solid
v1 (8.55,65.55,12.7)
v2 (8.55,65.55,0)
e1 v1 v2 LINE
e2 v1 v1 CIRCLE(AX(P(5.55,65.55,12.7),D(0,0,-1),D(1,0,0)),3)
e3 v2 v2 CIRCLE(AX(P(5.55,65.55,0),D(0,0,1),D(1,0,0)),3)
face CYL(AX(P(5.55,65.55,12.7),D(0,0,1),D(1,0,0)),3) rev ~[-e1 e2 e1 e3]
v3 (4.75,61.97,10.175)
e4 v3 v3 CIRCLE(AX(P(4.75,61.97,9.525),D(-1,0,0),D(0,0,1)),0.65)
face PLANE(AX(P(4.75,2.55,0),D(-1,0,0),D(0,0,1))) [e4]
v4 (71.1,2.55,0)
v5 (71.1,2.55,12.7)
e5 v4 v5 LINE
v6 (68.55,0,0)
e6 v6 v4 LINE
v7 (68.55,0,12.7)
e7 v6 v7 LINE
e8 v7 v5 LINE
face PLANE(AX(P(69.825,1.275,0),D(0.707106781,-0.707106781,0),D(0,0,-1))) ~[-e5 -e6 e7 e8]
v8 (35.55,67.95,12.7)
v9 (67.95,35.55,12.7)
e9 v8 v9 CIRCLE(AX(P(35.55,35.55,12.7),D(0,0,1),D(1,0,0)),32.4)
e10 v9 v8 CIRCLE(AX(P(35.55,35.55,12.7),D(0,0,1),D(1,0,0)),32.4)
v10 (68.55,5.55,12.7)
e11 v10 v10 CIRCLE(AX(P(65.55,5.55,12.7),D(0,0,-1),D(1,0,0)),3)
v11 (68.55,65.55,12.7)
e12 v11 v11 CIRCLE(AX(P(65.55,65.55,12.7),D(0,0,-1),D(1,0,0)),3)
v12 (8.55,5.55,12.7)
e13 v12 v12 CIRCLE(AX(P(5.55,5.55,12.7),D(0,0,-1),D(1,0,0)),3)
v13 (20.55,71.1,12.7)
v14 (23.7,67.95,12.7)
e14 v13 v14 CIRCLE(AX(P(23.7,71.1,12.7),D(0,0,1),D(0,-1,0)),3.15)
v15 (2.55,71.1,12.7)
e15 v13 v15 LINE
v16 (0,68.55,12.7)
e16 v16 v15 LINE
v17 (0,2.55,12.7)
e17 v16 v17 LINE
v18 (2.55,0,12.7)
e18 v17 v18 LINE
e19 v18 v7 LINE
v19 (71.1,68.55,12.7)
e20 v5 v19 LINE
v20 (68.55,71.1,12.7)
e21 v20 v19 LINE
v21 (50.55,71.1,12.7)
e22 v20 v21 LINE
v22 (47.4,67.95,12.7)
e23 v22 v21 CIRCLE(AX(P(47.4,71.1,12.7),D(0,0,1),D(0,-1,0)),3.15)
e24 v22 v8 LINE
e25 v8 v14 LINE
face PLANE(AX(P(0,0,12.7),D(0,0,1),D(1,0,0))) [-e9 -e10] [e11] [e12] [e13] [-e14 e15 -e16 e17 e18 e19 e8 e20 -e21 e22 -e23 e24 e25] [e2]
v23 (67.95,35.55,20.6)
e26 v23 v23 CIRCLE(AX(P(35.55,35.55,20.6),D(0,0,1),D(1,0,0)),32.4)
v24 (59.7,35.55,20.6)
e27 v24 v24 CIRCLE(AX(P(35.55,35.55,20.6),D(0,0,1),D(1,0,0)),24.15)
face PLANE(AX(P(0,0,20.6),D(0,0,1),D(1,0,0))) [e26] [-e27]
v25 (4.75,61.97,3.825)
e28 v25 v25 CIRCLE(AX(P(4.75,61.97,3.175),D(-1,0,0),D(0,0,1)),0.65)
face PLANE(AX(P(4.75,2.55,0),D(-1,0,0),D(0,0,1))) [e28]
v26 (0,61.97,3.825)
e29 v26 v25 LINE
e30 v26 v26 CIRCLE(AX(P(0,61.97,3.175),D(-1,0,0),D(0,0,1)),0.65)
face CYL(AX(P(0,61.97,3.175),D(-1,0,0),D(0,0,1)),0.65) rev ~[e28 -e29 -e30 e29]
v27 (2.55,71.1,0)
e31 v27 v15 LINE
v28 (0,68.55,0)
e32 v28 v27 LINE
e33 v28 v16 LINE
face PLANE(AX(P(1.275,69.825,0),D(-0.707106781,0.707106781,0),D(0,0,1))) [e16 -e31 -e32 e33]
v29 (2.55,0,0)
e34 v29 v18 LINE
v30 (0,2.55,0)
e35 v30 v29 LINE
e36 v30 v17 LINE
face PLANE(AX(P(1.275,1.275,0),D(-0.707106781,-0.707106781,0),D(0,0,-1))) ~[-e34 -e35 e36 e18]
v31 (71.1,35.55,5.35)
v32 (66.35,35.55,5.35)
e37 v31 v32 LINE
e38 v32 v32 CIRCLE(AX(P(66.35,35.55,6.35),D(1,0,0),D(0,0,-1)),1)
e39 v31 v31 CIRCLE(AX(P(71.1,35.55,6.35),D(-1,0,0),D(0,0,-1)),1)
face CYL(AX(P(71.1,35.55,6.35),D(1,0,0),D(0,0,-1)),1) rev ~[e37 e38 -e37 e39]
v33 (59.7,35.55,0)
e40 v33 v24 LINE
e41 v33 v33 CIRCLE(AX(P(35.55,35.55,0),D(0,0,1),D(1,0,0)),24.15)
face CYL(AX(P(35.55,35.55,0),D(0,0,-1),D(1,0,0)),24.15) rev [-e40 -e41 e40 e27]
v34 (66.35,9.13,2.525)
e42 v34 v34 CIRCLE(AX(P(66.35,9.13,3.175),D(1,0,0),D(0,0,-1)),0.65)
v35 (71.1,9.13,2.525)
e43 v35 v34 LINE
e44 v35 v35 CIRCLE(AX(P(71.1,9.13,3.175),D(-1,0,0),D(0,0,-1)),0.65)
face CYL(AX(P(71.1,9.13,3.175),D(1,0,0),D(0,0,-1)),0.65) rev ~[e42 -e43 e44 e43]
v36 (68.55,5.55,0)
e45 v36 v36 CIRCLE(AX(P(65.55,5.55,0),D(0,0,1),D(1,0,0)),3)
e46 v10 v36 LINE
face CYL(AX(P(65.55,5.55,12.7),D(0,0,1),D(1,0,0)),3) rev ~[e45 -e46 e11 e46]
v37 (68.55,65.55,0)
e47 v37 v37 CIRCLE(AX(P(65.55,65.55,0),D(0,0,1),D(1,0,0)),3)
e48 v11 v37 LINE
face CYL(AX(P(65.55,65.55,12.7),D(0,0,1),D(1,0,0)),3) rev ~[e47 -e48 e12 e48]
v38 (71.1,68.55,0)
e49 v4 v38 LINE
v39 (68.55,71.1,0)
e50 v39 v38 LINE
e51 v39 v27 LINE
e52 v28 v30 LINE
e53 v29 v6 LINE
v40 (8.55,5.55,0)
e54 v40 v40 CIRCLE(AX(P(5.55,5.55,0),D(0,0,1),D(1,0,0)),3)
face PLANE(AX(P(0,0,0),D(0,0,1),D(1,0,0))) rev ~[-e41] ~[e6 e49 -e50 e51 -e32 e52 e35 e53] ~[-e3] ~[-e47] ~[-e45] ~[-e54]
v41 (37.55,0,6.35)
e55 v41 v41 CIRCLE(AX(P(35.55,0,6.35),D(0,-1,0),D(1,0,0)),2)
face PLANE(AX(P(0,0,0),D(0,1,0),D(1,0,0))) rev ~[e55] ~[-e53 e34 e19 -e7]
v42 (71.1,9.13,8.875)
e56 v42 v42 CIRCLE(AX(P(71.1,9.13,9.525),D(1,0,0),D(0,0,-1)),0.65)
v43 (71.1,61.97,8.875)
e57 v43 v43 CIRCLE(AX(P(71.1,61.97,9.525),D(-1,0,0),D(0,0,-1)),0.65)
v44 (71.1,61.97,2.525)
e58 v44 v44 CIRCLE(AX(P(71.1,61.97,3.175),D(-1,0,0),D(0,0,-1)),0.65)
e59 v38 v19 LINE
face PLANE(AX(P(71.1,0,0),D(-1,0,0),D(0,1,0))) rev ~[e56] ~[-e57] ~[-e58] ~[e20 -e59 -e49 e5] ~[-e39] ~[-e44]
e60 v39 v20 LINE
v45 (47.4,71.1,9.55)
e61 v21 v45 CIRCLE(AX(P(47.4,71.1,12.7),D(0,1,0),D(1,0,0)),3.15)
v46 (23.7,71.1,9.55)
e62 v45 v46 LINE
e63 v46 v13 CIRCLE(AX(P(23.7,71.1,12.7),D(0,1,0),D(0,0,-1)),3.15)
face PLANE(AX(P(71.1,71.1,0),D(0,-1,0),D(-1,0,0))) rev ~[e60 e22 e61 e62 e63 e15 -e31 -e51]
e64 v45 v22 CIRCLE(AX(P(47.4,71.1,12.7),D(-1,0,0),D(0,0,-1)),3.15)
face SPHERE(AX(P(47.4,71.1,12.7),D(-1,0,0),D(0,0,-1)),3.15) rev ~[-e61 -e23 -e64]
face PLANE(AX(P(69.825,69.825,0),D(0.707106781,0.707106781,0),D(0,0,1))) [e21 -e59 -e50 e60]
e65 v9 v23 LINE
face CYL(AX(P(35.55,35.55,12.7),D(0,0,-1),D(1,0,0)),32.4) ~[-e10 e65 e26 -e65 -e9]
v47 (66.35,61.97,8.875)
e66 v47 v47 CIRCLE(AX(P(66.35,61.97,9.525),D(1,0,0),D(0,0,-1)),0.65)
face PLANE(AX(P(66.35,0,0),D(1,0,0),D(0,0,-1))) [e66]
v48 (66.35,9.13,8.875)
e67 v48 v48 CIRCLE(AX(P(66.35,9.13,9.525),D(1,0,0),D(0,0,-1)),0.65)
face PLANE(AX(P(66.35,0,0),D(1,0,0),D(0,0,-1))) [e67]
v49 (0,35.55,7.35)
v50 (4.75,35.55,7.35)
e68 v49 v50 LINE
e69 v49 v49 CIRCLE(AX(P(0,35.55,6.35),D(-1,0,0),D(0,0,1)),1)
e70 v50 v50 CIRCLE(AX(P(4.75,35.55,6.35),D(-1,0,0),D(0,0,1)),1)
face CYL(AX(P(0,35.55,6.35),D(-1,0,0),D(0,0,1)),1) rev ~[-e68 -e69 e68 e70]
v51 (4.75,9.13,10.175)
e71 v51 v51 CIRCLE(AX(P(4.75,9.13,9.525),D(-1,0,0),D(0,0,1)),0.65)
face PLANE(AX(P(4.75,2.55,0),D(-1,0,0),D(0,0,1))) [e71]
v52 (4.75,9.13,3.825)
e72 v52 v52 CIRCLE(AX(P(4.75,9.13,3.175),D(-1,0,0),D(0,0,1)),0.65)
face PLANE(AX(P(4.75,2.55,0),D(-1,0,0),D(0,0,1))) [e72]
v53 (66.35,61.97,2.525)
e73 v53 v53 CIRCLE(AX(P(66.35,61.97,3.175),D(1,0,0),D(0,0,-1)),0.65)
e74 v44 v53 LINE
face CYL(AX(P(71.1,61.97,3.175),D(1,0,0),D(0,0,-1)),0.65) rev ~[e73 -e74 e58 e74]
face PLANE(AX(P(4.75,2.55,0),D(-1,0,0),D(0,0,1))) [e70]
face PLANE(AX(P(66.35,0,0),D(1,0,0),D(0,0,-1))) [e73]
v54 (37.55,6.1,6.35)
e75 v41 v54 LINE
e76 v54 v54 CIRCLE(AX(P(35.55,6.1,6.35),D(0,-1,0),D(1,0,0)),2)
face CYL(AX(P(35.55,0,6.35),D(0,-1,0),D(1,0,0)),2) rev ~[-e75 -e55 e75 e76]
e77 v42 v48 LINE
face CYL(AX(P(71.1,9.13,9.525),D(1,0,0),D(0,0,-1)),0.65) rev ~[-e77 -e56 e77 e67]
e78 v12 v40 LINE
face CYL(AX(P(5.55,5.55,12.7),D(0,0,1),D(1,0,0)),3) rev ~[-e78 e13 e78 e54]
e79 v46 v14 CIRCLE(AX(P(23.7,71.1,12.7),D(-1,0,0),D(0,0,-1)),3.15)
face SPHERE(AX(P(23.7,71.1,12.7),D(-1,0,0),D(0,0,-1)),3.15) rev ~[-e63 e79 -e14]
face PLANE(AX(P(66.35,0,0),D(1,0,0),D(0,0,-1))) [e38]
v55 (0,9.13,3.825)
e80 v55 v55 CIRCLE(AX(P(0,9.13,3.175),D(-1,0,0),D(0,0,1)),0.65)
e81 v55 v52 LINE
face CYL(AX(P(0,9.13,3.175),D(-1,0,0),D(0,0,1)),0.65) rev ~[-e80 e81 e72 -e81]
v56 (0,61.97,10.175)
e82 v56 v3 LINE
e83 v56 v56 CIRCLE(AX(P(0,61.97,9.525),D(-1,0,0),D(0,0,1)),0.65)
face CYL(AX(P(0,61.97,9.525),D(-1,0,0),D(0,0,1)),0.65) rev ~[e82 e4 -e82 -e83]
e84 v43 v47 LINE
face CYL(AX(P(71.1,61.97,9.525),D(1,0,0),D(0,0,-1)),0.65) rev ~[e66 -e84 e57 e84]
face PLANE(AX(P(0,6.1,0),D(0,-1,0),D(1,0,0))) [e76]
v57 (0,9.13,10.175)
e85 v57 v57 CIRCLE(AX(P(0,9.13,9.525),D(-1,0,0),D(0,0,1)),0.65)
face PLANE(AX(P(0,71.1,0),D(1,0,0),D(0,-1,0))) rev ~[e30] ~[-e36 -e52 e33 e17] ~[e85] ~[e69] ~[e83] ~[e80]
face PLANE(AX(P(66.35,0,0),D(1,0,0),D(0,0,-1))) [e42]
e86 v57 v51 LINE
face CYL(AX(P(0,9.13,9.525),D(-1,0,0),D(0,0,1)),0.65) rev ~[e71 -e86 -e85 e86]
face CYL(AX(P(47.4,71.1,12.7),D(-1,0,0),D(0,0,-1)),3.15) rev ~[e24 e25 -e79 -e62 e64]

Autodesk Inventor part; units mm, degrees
ref_plane "YZ Plane" through (0, 0, 0) normal (1, 0, 0) x (0, 1, 0)
ref_plane "XZ Plane" through (0, 0, 0) normal (0, 1, 0) x (-1, 0, 0)
ref_plane "XY Plane" through (0, 0, 0) normal (0, 0, 1) x (1, 0, 0)
sketch "Sketch1" plane through (0, 0, 0) normal (0, 0, 1) x (1, 0, 0)
  line L0 (0, 0) -> (71.1, 0)
  line L1 (71.1, 0) -> (71.1, 71.1)
  line L2 (71.1, 71.1) -> (0, 71.1)
  line L3 (0, 71.1) -> (0, 0)
  circle A0 centre (35.55, 35.55) radius 24.15
  dimension "d0" = 71.1
  dimension "d1" = 71.1
  dimension "d2" = 48.3
extrude "Extrusion1" add sketch "Sketch1" along normal blind 12.7
sketch "Sketch2" plane through (0, 0, 12.7) normal (0, 0, 1) x (1, 0, 0)
  line L0 (71.1, 71.1) -> (0, 71.1) projected
  line L1 (0, 71.1) -> (0, 0) projected
  line L2 (0, 0) -> (71.1, 0) projected
  line L3 (71.1, 0) -> (71.1, 71.1) projected
  circle A0 centre (35.55, 35.55) radius 24.15 projected
  circle A1 centre (35.55, 35.55) radius 24.15
  circle A2 centre (35.55, 35.55) radius 32.4
  dimension "d5" = 64.8
extrude "Extrusion2" add sketch "Sketch2" along normal blind 7.9 contours A2
sketch "Sketch3" plane through (0, 71.1, 0) normal (0, 1, 0) x (1, 0, 0)
  line L0 (71.1, 0) -> (0, 0) projected
  line L1 (0, 0) -> (0, -12.7) projected
  line L2 (71.1, -12.7) -> (0, -12.7) projected
  line L3 (71.1, 0) -> (71.1, -12.7) projected
  line L4 (71.1, 0) -> (71.1, -12.7) projected
  line L5 (71.1, -12.7) -> (35.55, -12.7)
  line L6 (0, -12.7) -> (71.1, -12.7) projected
  line L7 (35.55, -12.7) -> (20.55, -12.7)
  line L8 (20.55, -12.7) -> (23.7, -12.7)
  arc A0 (23.7, -9.55) -> (20.55, -12.7) centre (23.7, -12.7) ccw
  line L9 (35.55, -12.7) -> (47.4, -12.7)
  arc A1 (50.55, -12.7) -> (47.4, -9.55) centre (47.4, -12.7) ccw
  line L10 (47.4, -9.55) -> (23.7, -9.55)
  dimension "d8" = 35.55
  dimension "d9" = 15
  dimension "d10" = 3.15
  dimension "d11" = 11.85
  dimension "d12" = 6.3
revolve "Revolution1" cut sketch "Sketch3" angle 360 about axis through (71.1, 71.1, 12.7) along (-1, 0, 0) contours L2 A0 L10 A1
sketch "Sketch4" plane through (0, 0, 12.7) normal (0, 0, 1) x (1, 0, 0)
  arc A0 (20.55, 71.1) -> (23.7, 67.95) centre (23.7, 71.1) ccw projected
  line L0 (20.55, 71.1) -> (0, 71.1) projected
  line L1 (0, 71.1) -> (0, 0) projected
  line L2 (0, 0) -> (71.1, 0) projected
  line L3 (71.1, 0) -> (71.1, 71.1) projected
  line L4 (71.1, 71.1) -> (50.55, 71.1) projected
  arc A1 (47.4, 67.95) -> (50.55, 71.1) centre (47.4, 71.1) ccw projected
  line L5 (47.4, 67.95) -> (35.55, 67.95) projected
  circle A2 centre (35.55, 35.55) radius 32.4 projected
  line L6 (35.55, 67.95) -> (23.7, 67.95) projected
  line L7 (35.55, 35.55) -> (65.55, 35.55)
  line L8 (65.55, 35.55) -> (65.55, 65.55)
  line L9 (65.55, 65.55) -> (5.55, 65.55)
  line L10 (5.55, 65.55) -> (5.55, 5.55)
  line L11 (5.55, 5.55) -> (65.55, 5.55)
  circle A3 centre (65.55, 65.55) radius 3
  circle A4 centre (5.55, 65.55) radius 3
  circle A5 centre (5.55, 5.55) radius 3
  circle A6 centre (65.55, 5.55) radius 3
  dimension "d14" = 30
  dimension "d15" = 30
  dimension "d16" = 60
  dimension "d17" = 60
  dimension "d18" = 60
  dimension "d19" = 6
  dimension "d20" = 6
  dimension "d21" = 6
  dimension "d22" = 6
extrude "Extrusion3" cut sketch "Sketch4" against normal blind 12.7 contours A6 | A3 L8 L9 | L9 L8 A3 | A4 L10 L9 | L9 L10 A4 | A5 L11 L10 | L10 L11 A5
sketch "Sketch5" plane through (71.1, 0, 0) normal (1, 0, 0) x (0, 0, -1)
  line L0 (0, 0) -> (0, 71.1) projected
  line L1 (0, 71.1) -> (-12.7, 71.1) projected
  line L2 (-12.7, 0) -> (-12.7, 71.1) projected
  line L3 (0, 0) -> (-12.7, 0) projected
  line L4 (-12.7, 71.1) -> (-12.7, 0) projected
  line L5 (-12.7, 35.55) -> (-6.35, 35.55)
  circle A0 centre (-6.35, 35.55) radius 1
  line L6 (-6.35, 35.55) -> (-9.525, 35.55)
  line L7 (-9.525, 35.55) -> (-9.525, 65.55)
  line L8 (-9.525, 65.55) -> (-9.525, 61.97)
  line L9 (-9.525, 65.55) -> (-3.175, 65.55)
  line L10 (-3.175, 65.55) -> (-3.175, 5.55)
  line L11 (-3.175, 5.55) -> (-3.175, 9.13)
  line L12 (-3.175, 9.13) -> (-9.525, 9.13)
  circle A1 centre (-9.525, 9.13) radius 0.65
  circle A2 centre (-3.175, 9.13) radius 0.65
  circle A3 centre (-9.525, 61.97) radius 0.65
  circle A4 centre (-3.175, 61.97) radius 0.65
  line L13 (-9.525, 61.97) -> (-3.175, 61.97)
  dimension "d25" = 6.35
  dimension "d26" = 2
  dimension "d37" = 3.175
  dimension "d38" = 30
  dimension "d39" = 3.58
  dimension "d40" = 6.35
  dimension "d41" = 60
  dimension "d42" = 3.58
  dimension "d43" = 6.35
  dimension "d44" = 1.3
  dimension "d45" = 1.3
  dimension "d46" = 1.3
  dimension "d47" = 1.3
  dimension "d48" = 6.35
extrude "Extrusion4" cut sketch "Sketch5" against normal blind 4.75 contours A1 | A2 L10 | L10 L12 A2 | A3 L7 | L7 L13 A3 | A0 | L7 A3 L13 | L13 L10 A4 | A4 L10 L13 | A4 L10 | L10 A2 L12
sketch "Sketch6" plane through (0, 0, 0) normal (0, -1, 0) x (1, 0, 0)
  line L0 (0, 0) -> (71.1, 0) projected
  line L1 (71.1, 0) -> (71.1, 12.7) projected
  line L2 (0, 12.7) -> (71.1, 12.7) projected
  line L3 (0, 0) -> (0, 12.7) projected
  circle A0 centre (35.55, 6.35) radius 2
  dimension "d29" = 4
extrude "Extrusion5" cut sketch "Sketch6" against normal blind 6.1 contours A0
thread "Thread1" size "M4x0.7" class "6H" standard "ANSI Metric M Profile" full length
chamfer "Chamfer1" distance 2.55 angle 45 4 edges at (71.1, 71.1, 6.35) (71.1, 0, 6.35) (0, 71.1, 6.35) (0, 0, 6.35)
sketch "Sketch7" plane through (0, 2.55, 0) normal (-1, 0, 0) x (0, 0, 1)
  circle A0 centre (9.525, 6.58) radius 0.65 projected
  circle A1 centre (3.175, 6.58) radius 0.65 projected
  circle A2 centre (3.175, 59.42) radius 0.65 projected
  circle A3 centre (6.35, 33) radius 1 projected
  circle A4 centre (9.525, 59.42) radius 0.65 projected
  line L0 (0, 0) -> (12.7, 0) projected
  line L1 (0, 0) -> (0, 66) projected
  line L2 (12.7, 66) -> (0, 66) projected
  line L3 (12.7, 0) -> (12.7, 66) projected
  circle A5 centre (3.175, 59.42) radius 0.65
  circle A6 centre (9.525, 59.42) radius 0.65
  circle A7 centre (6.35, 33) radius 1
  circle A8 centre (3.175, 6.58) radius 0.65 projected
  circle A9 centre (3.175, 6.58) radius 0.65
  circle A10 centre (9.525, 6.58) radius 0.65
  point P0 (0, -2.55)
  dimension "d49" = 1.3
  dimension "d50" = 1.3
  dimension "d51" = 2
  dimension "d52" = 1.3
  dimension "d53" = 1.3
extrude "Extrusion6" cut sketch "Sketch7" against normal blind 4.75 contours A0 | A1 | A2 | A3 | A4
properties part number "0x001" material "Iron, Cast"
